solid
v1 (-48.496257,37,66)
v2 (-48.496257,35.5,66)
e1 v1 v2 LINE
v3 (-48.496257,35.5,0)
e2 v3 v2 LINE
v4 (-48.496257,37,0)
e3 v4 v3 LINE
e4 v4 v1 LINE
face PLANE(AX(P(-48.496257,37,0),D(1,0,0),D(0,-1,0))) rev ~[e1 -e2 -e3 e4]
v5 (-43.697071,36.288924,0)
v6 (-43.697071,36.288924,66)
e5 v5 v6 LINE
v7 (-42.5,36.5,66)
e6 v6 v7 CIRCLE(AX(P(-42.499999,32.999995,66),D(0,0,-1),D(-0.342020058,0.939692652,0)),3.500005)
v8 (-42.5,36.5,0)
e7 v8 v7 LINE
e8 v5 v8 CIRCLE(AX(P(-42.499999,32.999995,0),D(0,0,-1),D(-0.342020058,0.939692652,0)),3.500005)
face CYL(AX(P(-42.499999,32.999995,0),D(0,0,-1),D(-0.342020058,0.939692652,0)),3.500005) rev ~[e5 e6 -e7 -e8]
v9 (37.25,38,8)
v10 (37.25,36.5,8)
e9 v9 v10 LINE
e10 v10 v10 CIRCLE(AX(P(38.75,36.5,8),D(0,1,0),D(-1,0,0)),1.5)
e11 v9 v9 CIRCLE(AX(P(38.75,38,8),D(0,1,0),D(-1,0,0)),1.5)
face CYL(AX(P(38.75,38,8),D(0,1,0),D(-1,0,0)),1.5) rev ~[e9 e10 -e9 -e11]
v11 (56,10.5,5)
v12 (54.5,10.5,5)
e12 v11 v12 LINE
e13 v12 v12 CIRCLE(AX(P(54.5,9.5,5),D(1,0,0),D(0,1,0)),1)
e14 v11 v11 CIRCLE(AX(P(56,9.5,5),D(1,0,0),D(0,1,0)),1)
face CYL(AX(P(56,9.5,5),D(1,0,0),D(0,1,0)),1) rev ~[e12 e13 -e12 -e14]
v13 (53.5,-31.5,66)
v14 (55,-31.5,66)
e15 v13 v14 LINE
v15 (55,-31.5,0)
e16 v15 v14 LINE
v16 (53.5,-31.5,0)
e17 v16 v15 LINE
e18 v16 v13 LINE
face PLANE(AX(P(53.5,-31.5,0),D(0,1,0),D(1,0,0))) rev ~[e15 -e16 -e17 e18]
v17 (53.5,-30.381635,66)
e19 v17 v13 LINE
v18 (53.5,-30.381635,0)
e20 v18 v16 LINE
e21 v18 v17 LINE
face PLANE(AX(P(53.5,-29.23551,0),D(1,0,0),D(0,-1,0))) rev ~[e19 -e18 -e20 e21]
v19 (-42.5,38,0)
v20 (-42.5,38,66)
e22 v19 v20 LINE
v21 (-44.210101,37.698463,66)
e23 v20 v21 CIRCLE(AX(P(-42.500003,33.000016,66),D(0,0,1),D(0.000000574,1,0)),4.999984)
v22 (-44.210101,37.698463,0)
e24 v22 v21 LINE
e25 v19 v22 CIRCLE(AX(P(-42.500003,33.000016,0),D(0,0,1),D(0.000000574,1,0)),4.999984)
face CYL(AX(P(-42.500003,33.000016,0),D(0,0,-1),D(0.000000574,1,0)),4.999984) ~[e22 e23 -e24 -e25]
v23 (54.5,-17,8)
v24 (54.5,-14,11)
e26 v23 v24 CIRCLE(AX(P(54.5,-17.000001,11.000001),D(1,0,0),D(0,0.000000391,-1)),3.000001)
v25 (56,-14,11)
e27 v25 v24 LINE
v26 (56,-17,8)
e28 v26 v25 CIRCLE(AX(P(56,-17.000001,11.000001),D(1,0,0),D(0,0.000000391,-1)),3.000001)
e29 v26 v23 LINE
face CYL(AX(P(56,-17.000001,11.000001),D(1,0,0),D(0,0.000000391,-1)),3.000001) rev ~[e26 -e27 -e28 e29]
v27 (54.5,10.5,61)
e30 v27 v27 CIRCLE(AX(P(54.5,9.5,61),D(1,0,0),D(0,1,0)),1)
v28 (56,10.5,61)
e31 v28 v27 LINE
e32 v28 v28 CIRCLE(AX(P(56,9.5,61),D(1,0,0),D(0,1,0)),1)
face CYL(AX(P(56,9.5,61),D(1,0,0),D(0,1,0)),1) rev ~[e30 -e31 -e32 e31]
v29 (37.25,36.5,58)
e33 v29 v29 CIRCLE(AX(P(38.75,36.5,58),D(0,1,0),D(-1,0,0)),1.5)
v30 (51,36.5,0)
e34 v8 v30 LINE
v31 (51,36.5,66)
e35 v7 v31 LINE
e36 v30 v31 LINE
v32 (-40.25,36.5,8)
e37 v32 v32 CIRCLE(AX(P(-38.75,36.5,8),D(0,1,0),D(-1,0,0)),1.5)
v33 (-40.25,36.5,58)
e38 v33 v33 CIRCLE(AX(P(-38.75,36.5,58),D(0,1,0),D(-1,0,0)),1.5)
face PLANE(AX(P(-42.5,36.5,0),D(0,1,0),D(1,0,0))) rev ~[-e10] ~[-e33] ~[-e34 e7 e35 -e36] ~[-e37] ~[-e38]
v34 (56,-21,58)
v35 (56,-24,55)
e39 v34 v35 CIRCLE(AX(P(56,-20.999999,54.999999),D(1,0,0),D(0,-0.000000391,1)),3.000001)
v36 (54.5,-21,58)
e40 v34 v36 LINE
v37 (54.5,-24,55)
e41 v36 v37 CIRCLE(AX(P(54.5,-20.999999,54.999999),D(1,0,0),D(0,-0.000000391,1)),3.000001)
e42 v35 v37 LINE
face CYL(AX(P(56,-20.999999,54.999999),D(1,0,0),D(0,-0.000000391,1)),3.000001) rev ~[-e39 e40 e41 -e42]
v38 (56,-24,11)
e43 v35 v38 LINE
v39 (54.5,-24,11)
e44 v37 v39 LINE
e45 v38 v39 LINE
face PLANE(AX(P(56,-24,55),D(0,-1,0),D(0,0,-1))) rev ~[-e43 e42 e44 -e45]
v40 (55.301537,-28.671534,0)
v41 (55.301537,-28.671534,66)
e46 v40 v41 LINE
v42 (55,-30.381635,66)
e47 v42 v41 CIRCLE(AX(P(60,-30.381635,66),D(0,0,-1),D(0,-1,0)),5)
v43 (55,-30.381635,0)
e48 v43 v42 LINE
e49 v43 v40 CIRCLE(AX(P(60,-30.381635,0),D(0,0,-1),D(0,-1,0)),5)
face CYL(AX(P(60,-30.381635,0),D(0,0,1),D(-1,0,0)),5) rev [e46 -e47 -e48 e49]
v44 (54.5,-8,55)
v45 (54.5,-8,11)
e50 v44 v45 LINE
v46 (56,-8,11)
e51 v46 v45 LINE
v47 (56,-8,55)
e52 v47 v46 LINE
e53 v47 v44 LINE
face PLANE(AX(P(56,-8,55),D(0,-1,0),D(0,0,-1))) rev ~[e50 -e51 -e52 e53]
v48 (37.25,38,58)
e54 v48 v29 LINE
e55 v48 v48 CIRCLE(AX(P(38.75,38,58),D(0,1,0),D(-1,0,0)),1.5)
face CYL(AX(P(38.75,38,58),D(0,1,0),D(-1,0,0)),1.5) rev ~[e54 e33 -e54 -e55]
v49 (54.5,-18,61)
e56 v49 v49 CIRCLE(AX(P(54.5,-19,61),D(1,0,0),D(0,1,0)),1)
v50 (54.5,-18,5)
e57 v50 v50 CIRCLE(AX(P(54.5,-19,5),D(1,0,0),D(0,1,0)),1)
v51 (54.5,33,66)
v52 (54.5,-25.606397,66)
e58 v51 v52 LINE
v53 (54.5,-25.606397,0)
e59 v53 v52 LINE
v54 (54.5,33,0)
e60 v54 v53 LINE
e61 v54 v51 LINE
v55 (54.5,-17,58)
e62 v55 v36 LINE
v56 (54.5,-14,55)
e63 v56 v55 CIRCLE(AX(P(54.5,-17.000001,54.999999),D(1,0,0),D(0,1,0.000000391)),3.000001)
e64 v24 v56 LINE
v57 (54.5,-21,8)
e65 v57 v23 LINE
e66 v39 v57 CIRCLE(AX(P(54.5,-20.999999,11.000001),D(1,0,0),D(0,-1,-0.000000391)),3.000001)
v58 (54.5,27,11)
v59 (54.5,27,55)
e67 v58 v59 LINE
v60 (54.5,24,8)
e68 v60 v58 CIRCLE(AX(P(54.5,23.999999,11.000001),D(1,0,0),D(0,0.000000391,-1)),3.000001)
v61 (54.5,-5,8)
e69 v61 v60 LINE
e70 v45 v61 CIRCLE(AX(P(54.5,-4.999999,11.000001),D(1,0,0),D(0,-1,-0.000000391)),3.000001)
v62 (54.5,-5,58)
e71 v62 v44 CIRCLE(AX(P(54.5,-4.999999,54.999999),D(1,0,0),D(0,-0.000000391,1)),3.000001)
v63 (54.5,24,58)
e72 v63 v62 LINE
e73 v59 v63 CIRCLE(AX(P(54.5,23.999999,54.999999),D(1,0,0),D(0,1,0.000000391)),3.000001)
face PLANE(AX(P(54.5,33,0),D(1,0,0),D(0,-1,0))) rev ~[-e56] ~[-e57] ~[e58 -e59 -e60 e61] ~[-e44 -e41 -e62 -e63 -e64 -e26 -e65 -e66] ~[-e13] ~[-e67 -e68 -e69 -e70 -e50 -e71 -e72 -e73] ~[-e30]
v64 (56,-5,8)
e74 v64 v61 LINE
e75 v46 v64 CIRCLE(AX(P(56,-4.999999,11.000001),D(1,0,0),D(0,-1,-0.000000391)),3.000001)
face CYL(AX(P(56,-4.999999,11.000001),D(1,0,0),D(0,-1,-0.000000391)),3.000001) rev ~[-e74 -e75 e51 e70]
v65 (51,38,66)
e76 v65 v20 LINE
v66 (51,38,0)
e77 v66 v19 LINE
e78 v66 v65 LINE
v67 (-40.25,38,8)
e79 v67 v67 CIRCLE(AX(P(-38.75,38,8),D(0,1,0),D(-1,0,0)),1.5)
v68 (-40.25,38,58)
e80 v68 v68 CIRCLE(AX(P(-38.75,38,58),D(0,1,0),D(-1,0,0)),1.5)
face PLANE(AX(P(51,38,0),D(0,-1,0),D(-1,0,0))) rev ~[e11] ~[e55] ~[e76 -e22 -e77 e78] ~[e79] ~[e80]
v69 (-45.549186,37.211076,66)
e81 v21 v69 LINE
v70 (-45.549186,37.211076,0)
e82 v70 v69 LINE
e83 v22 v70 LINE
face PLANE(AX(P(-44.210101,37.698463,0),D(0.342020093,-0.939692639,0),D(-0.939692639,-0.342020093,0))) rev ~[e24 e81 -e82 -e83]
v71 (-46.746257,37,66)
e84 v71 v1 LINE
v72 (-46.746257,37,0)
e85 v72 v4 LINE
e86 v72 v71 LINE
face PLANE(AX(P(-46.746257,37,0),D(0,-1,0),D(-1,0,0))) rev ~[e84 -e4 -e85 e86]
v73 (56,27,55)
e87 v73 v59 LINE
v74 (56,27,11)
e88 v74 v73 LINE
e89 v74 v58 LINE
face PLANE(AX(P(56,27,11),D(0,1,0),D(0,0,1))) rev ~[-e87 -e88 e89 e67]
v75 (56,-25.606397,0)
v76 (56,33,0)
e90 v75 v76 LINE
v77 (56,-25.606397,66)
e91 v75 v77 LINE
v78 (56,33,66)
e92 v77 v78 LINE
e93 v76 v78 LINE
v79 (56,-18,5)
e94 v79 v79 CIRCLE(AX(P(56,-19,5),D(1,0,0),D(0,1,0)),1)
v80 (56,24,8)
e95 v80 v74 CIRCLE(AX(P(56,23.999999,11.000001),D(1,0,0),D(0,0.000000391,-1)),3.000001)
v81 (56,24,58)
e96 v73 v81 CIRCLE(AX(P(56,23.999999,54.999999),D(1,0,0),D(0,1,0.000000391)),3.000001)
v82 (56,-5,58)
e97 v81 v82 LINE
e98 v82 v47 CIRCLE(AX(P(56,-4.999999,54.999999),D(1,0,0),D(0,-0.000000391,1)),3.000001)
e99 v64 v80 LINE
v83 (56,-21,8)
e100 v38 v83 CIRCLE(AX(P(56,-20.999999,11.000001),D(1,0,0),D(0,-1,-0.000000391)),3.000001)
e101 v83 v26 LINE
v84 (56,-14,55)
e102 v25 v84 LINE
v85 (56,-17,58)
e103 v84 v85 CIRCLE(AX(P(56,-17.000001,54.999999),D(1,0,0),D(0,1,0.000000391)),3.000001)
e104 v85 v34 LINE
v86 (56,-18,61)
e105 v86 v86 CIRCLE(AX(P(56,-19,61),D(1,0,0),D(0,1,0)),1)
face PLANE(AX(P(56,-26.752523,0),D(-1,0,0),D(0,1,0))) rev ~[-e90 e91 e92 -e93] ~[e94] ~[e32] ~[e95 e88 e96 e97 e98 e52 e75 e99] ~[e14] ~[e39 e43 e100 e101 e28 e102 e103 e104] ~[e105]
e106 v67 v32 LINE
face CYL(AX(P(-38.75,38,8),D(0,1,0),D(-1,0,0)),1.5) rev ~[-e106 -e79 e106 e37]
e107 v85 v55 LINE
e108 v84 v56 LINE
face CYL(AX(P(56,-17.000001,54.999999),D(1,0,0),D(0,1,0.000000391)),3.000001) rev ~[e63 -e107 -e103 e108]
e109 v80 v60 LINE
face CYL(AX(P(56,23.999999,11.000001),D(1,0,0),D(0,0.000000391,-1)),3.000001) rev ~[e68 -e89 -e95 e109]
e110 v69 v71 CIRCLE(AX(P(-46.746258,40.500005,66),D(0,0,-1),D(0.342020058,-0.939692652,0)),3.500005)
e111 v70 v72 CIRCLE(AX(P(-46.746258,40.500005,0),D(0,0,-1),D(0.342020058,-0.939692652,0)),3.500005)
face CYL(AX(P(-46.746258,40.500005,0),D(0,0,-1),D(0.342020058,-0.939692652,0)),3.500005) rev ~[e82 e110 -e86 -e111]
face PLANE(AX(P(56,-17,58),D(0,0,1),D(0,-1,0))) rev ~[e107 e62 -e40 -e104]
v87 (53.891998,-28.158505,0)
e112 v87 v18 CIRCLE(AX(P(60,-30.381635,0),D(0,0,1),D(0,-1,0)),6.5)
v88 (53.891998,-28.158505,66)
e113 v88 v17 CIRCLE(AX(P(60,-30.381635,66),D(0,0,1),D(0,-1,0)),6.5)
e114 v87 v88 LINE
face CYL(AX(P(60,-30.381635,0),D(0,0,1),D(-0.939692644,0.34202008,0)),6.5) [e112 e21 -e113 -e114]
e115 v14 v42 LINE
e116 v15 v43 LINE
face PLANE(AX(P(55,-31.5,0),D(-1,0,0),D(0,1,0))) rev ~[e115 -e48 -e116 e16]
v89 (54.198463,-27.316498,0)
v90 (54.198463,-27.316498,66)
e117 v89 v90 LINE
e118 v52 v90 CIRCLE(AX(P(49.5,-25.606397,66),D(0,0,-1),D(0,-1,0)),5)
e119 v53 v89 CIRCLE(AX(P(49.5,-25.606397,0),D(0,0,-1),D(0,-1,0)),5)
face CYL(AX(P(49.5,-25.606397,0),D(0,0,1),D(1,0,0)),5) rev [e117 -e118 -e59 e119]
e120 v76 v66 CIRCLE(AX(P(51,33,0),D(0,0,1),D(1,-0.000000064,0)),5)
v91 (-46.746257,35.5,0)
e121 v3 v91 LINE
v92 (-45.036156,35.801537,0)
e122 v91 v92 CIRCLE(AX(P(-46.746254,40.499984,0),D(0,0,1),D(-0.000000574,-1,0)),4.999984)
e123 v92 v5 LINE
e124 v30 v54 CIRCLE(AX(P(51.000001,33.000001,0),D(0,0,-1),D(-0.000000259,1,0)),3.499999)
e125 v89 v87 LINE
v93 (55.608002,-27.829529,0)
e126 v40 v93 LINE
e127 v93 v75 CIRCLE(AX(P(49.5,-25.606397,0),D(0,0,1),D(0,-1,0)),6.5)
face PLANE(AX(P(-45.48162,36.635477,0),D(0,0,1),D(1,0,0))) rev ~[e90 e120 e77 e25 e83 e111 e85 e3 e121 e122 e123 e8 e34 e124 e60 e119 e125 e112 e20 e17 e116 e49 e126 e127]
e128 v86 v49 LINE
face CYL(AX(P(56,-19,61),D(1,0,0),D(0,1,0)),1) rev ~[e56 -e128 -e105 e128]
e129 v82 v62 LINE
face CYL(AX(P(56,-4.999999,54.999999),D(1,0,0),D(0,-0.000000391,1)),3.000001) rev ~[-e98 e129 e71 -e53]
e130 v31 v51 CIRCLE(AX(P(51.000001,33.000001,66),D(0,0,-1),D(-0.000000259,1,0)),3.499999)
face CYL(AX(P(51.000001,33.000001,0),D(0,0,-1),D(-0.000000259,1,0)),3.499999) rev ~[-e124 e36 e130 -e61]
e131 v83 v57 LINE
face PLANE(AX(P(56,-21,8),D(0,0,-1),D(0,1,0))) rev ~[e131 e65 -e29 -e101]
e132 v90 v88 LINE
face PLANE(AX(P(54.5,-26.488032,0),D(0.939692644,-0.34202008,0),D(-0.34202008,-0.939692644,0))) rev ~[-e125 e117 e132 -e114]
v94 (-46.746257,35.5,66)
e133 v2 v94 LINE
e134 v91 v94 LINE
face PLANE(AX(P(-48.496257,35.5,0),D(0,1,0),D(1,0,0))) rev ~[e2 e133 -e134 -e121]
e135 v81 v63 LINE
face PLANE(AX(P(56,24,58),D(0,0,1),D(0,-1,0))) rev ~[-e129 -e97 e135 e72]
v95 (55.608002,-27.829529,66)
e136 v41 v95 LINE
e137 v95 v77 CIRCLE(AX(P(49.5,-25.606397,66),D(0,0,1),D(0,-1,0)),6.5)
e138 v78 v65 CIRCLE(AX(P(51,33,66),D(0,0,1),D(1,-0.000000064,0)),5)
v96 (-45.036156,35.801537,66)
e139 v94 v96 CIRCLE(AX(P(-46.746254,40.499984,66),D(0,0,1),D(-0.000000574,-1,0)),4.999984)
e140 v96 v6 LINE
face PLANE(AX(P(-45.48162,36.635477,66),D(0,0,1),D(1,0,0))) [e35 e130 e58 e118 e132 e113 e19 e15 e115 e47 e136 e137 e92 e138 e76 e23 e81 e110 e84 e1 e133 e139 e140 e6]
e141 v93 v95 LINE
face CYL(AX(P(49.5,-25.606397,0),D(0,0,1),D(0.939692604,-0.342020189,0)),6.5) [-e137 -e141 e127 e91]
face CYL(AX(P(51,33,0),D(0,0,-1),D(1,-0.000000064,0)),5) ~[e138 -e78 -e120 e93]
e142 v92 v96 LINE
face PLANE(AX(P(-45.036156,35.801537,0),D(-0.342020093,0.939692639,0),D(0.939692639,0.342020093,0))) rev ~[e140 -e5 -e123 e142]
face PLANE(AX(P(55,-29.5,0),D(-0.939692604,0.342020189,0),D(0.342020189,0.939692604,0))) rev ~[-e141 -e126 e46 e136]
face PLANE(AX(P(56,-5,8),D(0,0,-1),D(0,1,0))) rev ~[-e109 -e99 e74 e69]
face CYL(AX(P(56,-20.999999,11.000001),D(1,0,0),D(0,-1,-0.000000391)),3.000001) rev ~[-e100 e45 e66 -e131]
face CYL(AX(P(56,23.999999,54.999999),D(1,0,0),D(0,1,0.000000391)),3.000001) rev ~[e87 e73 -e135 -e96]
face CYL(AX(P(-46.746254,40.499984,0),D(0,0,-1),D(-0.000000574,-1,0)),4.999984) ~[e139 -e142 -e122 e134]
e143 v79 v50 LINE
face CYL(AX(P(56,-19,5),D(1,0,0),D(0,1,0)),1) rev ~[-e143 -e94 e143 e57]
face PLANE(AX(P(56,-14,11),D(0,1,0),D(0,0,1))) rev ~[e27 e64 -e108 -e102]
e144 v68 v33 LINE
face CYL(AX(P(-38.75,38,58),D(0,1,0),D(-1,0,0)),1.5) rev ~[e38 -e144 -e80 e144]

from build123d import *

# Parameters (mm, degrees)
F1_DEPTH  = 66
F2_R      = 1.5
F3_DEPTH  = 25
F4_R      = 1
F5_DEPTH  = 25
F6_R      = 5
F7_R      = 6.5
F8_W      = 7
F8_H      = 48
F9_DEPTH  = 100
F11_DEPTH = 66


with BuildPart() as f1:
    # F0 (on Top) → F1 (new body)
    with BuildSketch(Plane.XY):
        with BuildLine():
            Line((54.5, 33), (54.5, -26.488032))
            Line((54.5, -26.488032), (53.5, -29.23551))
            Line((53.5, -29.23551), (53.5, -31.5))
            Line((53.5, -31.5), (55, -31.5))
            Line((55, -31.5), (55, -29.5))
            Line((55, -29.5), (56, -26.752523))
            Line((56, -26.752523), (56, 33))
            ThreePointArc((56, 33), (54.535534, 36.535534), (51, 38))
            Line((51, 38), (-42.5, 38))
            ThreePointArc((-42.5, 38), (-46.035534, 36.535534), (-47.5, 33))
            Line((-47.5, 33), (-47.5, 0))
            Line((-47.5, 0), (-46, 0))
            Line((-46, 0), (-46, 33))
            ThreePointArc((-46, 33), (-44.974874, 35.474874), (-42.5, 36.5))
            Line((-42.5, 36.5), (51, 36.5))
            ThreePointArc((51, 36.5), (53.474874, 35.474874), (54.5, 33))
        make_face()
    extrude(amount=F1_DEPTH)

    # F2 (on face) → F3 (cut)
    with BuildSketch(Plane(origin=(0, 38, 0), x_dir=(-1, 0, 0), z_dir=(0, 1, 0))):
        with Locations((-38.75, 58)):
            Circle(F2_R)
        with Locations((-38.75, 8)):
            Circle(F2_R)
        with Locations((38.75, 8)):
            Circle(F2_R)
        with Locations((38.75, 58)):
            Circle(F2_R)
    extrude(amount=-F3_DEPTH, mode=Mode.SUBTRACT)

    # F4 (on face) → F5 (cut)
    with BuildSketch(Plane.YZ.offset(56)):
        with BuildLine():
            Line((-17, 58), (-21, 58))
            ThreePointArc((-21, 58), (-23.12132, 57.12132), (-24, 55))
            Line((-24, 55), (-24, 11))
            ThreePointArc((-24, 11), (-23.12132, 8.87868), (-21, 8))
            Line((-21, 8), (-17, 8))
            ThreePointArc((-17, 8), (-14.87868, 8.87868), (-14, 11))
            Line((-14, 11), (-14, 55))
            ThreePointArc((-14, 55), (-14.87868, 57.12132), (-17, 58))
        make_face()
        with BuildLine():
            Line((24, 58), (-5, 58))
            ThreePointArc((-5, 58), (-7.12132, 57.12132), (-8, 55))
            Line((-8, 55), (-8, 11))
            ThreePointArc((-8, 11), (-7.12132, 8.87868), (-5, 8))
            Line((-5, 8), (24, 8))
            ThreePointArc((24, 8), (26.12132, 8.87868), (27, 11))
            Line((27, 11), (27, 55))
            ThreePointArc((27, 55), (26.12132, 57.12132), (24, 58))
        make_face()
        with Locations((-19, 61)):
            Circle(F4_R)
        with Locations((9.5, 61)):
            Circle(F4_R)
        with Locations((9.5, 5)):
            Circle(F4_R)
        with Locations((-19, 5)):
            Circle(F4_R)
    extrude(amount=-F5_DEPTH, mode=Mode.SUBTRACT)

    # F6
    f6_edges = [f1.edges().sort_by_distance(p)[0] for p in [
        (55, -29.5, 33),
        (54.5, -26.488032, 33),
    ]]
    fillet(f6_edges, radius=F6_R)

    # F7
    f7_edges = [f1.edges().sort_by_distance(p)[0] for p in [
        (56, -26.752523, 33),
        (53.5, -29.23551, 33),
    ]]
    fillet(f7_edges, radius=F7_R)

    # F8 (on Top) → F9 (cut)
    with BuildSketch(Plane.XY):
        with Locations((-46, 19)):
            Rectangle(F8_W, F8_H)
    extrude(amount=F9_DEPTH, mode=Mode.SUBTRACT)

    # F10 (on Top) → F11 (join)
    with BuildSketch(Plane.XY):
        with BuildLine():
            Line((-48.496257, 37), (-48.496257, 35.5))
            Line((-48.496257, 35.5), (-46.746257, 35.5))
            ThreePointArc((-46.746257, 35.5), (-45.878016, 35.575961), (-45.036156, 35.801537))
            Line((-45.036156, 35.801537), (-43.697071, 36.288924))
            ThreePointArc((-43.697071, 36.288924), (-43.107769, 36.446827), (-42.5, 36.5))
            Line((-42.5, 36.5), (-42.5, 38))
            ThreePointArc((-42.5, 38), (-43.368241, 37.924039), (-44.210101, 37.698463))
            Line((-44.210101, 37.698463), (-45.549186, 37.211076))
            ThreePointArc((-45.549186, 37.211076), (-46.138488, 37.053173), (-46.746257, 37))
            Line((-46.746257, 37), (-48.496257, 37))
        make_face()
    extrude(amount=F11_DEPTH)


solid = f1.part
